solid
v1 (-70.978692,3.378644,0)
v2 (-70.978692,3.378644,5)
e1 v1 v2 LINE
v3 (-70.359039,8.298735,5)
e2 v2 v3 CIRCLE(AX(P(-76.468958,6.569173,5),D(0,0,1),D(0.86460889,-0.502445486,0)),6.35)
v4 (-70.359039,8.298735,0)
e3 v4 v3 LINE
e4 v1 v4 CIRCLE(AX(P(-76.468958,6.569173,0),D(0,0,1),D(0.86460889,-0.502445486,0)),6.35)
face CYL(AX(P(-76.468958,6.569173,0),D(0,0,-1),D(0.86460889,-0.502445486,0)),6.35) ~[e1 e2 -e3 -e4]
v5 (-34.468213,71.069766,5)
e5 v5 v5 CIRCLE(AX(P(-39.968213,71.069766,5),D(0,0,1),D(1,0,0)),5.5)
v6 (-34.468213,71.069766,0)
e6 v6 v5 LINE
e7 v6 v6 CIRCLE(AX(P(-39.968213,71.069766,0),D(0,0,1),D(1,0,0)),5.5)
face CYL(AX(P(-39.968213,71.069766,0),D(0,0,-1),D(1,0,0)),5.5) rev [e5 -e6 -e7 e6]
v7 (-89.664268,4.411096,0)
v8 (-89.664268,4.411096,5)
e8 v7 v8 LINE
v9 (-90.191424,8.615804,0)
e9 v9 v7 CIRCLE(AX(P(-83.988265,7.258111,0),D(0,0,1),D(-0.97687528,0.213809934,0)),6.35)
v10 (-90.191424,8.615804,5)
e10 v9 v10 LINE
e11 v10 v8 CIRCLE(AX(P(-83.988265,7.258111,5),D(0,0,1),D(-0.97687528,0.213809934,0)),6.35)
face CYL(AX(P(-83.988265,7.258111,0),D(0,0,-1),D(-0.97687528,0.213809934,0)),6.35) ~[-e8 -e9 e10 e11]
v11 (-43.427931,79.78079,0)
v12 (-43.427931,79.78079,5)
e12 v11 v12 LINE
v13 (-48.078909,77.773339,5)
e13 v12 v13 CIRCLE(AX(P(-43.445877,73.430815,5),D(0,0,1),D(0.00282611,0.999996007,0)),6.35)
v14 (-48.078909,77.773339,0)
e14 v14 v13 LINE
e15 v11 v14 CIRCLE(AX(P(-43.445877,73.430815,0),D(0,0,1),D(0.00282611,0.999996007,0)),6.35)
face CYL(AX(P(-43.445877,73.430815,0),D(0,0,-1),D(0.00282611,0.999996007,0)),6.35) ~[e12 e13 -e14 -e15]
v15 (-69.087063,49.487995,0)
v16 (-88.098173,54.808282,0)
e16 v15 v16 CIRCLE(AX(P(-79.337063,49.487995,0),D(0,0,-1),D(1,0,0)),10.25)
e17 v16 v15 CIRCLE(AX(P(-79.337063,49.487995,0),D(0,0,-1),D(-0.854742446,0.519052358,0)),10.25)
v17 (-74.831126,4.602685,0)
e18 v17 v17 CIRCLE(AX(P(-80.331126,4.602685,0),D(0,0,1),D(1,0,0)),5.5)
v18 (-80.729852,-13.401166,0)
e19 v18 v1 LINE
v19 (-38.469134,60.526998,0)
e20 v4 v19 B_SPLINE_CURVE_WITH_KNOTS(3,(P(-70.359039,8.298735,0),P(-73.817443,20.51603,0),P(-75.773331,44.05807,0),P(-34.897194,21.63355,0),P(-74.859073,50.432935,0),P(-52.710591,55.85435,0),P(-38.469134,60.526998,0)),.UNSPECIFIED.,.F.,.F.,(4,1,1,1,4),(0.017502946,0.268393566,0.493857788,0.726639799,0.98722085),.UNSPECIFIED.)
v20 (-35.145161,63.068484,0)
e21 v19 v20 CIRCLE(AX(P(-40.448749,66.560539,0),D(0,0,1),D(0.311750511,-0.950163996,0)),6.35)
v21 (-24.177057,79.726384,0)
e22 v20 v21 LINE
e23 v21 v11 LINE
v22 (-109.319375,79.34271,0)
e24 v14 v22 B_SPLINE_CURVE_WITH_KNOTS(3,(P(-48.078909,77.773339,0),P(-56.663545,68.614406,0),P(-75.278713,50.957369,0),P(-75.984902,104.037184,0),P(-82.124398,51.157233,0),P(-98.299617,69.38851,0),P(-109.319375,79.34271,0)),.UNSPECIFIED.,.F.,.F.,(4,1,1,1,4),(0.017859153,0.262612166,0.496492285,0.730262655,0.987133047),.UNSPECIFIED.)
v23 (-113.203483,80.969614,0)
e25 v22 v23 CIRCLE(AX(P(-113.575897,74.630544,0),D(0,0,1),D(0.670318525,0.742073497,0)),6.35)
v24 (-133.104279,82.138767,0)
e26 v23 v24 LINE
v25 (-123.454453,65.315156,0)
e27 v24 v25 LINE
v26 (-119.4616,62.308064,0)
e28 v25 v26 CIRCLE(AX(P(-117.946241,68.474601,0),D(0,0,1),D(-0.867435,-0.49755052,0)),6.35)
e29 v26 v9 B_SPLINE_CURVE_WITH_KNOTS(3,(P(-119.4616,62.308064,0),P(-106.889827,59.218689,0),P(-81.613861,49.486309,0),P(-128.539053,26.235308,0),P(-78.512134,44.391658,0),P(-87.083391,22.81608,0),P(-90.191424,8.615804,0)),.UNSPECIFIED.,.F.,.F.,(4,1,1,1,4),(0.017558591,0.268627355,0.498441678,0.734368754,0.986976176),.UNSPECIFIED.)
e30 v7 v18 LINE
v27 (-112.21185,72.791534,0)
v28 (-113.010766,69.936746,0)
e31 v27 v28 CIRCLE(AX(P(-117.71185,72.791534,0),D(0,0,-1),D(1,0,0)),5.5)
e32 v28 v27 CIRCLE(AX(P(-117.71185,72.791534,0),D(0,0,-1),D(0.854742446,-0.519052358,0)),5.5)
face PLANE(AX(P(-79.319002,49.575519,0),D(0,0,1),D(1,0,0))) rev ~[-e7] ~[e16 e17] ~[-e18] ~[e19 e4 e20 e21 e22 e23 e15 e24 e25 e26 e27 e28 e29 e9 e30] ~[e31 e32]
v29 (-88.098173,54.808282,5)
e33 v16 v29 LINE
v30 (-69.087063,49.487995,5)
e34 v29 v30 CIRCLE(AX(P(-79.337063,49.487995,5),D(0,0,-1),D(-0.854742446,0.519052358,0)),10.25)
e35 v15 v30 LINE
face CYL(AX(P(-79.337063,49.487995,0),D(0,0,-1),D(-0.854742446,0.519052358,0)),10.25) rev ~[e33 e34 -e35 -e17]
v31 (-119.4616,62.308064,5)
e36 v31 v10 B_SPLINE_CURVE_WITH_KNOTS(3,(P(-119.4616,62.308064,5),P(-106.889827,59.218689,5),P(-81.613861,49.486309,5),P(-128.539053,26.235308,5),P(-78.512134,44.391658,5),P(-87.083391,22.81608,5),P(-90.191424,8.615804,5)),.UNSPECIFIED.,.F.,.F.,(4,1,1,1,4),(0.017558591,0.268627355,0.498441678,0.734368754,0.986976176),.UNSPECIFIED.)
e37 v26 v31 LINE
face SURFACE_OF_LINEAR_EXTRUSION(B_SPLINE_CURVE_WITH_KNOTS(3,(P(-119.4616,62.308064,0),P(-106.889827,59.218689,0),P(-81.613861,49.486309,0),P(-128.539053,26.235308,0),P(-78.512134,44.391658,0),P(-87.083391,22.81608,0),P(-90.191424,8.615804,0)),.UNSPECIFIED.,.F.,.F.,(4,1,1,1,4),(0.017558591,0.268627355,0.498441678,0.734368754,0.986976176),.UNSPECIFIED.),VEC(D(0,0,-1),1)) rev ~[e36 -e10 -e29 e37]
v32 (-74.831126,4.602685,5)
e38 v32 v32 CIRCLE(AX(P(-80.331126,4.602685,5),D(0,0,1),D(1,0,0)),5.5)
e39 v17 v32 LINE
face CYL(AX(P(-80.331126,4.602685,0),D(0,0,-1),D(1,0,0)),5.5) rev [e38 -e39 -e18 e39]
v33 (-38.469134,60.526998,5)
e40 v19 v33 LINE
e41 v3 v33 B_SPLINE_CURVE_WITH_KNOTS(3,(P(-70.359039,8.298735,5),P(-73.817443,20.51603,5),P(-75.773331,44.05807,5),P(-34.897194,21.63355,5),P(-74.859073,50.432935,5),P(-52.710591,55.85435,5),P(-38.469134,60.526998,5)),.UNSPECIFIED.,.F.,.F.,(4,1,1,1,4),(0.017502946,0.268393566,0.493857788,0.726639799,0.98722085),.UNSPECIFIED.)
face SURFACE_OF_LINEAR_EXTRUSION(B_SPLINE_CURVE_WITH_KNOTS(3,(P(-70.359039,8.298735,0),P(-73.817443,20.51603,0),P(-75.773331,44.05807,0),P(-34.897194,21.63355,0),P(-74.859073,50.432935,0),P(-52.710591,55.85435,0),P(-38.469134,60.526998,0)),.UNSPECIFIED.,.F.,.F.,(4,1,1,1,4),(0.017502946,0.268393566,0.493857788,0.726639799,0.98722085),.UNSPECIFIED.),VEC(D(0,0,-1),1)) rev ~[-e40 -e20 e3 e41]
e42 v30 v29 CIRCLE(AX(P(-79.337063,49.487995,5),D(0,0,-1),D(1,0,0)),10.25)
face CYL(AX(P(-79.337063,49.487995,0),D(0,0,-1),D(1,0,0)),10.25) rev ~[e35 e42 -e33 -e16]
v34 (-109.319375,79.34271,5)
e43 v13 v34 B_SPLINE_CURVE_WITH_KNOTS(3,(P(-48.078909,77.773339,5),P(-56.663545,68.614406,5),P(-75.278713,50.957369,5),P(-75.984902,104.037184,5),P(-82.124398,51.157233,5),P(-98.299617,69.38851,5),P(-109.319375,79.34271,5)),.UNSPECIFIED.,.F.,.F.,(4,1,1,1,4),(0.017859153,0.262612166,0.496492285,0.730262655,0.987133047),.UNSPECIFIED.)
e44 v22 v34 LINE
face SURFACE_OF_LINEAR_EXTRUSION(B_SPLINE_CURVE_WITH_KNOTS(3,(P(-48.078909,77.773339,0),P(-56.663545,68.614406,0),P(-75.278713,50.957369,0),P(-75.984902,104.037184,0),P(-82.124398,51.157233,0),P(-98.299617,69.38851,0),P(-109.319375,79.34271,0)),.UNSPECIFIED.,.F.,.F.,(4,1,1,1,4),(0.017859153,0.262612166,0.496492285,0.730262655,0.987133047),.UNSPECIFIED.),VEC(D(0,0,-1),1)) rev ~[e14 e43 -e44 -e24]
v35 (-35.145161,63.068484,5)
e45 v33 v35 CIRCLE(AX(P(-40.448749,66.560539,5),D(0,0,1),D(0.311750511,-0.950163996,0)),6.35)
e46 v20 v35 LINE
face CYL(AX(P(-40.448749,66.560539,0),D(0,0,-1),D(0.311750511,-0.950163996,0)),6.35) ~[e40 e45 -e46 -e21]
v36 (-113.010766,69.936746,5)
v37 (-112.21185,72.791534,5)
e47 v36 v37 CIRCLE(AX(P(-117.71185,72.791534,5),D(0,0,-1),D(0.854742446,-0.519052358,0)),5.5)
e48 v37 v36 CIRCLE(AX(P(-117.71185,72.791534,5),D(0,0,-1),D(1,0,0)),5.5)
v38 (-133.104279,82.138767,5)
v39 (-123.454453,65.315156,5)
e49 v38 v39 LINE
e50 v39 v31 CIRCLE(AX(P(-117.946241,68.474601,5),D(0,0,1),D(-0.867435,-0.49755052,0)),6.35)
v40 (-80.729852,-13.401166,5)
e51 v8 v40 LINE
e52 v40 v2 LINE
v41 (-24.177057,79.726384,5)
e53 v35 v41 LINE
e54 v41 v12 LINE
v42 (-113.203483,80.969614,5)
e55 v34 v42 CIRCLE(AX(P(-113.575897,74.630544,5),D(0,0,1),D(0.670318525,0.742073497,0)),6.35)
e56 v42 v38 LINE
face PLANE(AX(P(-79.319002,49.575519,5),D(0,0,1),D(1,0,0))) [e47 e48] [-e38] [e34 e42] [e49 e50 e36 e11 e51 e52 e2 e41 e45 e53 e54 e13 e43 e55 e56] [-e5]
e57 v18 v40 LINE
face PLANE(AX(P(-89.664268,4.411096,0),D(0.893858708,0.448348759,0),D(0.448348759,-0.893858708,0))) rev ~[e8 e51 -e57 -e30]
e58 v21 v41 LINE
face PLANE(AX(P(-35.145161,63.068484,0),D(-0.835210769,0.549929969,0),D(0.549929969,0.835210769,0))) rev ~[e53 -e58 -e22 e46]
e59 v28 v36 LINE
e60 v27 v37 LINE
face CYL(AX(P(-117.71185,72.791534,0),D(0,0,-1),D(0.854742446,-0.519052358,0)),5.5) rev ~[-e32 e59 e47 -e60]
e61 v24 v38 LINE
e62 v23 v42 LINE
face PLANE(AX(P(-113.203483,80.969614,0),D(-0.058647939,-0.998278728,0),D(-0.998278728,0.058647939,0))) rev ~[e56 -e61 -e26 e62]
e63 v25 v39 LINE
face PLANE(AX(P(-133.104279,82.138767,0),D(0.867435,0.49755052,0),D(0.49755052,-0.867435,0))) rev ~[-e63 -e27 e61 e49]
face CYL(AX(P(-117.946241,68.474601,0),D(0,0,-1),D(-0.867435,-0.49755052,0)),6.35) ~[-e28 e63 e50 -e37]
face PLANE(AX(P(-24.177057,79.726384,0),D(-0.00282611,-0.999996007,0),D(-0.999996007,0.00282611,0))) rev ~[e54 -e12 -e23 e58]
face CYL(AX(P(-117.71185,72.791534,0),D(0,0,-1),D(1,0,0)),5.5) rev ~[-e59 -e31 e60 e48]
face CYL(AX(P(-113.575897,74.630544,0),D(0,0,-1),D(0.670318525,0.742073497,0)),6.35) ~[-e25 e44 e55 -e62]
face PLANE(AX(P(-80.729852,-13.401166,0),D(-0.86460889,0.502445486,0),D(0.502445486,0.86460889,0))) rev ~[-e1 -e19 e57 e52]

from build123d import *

# Parameters (mm, degrees)
F0_R     = 5.5
F1_DEPTH = 5


with BuildPart() as f1:
    # F0 (on Top) → F1 (new body)
    with BuildSketch(Plane.XY):
        with BuildLine():
            ThreePointArc((-123.454453447, 65.3151555893), (-121.7663574138, 63.4022043185), (-119.4615999517, 62.3080636407))
            add(Edge.make_bspline(
                [(-119.4615999517, 62.3080636407), (-106.889827256, 59.2186889189), (-81.6138606751, 49.4863089686), (-128.5390529231, 26.2353078081), (-78.512134077, 44.391657981), (-87.0833909997, 22.8160801023), (-90.1914235073, 8.6158038469)],
                knots=[0.0175585914, 0.0175585914, 0.0175585914, 0.0175585914, 0.2686273551, 0.4984416776, 0.7343687536, 0.9869761756, 0.9869761756, 0.9869761756, 0.9869761756], degree=3))
            ThreePointArc((-90.1914235073, 8.6158038469), (-90.2889406174, 6.4681786044), (-89.6642682776, 4.4110961469))
            Line((-89.6642682776, 4.4110961469), (-80.7298521147, -13.4011661301))
            Line((-80.7298521147, -13.4011661301), (-70.978691941, 3.3786438275))
            ThreePointArc((-70.978691941, 3.3786438275), (-70.1687281076, 5.7757003386), (-70.3590390253, 8.2987348377))
            add(Edge.make_bspline(
                [(-70.3590390253, 8.2987348377), (-73.8174434006, 20.5160301913), (-75.7733310805, 44.0580704633), (-34.8971941812, 21.633550201), (-74.8590732231, 50.432934634), (-52.7105913555, 55.8543498878), (-38.4691335991, 60.5269977111)],
                knots=[0.0175029456, 0.0175029456, 0.0175029456, 0.0175029456, 0.2683935657, 0.4938577879, 0.7266397986, 0.9872208497, 0.9872208497, 0.9872208497, 0.9872208497], degree=3))
            ThreePointArc((-38.4691335991, 60.5269977111), (-36.5918006186, 61.5160919848), (-35.1451609566, 63.0684837814))
            Line((-35.1451609566, 63.0684837814), (-24.1770567157, 79.7263844148))
            Line((-24.1770567157, 79.7263844148), (-43.4279310744, 79.7807897233))
            ThreePointArc((-43.4279310744, 79.7807897233), (-45.962266866, 79.2609335546), (-48.0789085452, 77.773339409))
            add(Edge.make_bspline(
                [(-48.0789085452, 77.773339409), (-56.6635447616, 68.6144059221), (-75.2787125439, 50.9573690507), (-75.9849022571, 104.0371838867), (-82.1243978848, 51.1572327244), (-98.2996169235, 69.388510498), (-109.3193748229, 79.3427103013)],
                knots=[0.0178591528, 0.0178591528, 0.0178591528, 0.0178591528, 0.2626121663, 0.4964922851, 0.7302626549, 0.9871330472, 0.9871330472, 0.9871330472, 0.9871330472], degree=3))
            ThreePointArc((-109.3193748229, 79.3427103013), (-111.1226408323, 80.4875079904), (-113.2034830438, 80.9696135185))
            Line((-113.2034830438, 80.9696135185), (-133.1042789793, 82.1387666129))
            Line((-133.1042789793, 82.1387666129), (-123.454453447, 65.3151555893))
        make_face()
        with Locations((-80.3311256108, 4.602685229)):
            Circle(F0_R, mode=Mode.SUBTRACT)
        with BuildLine():
            ThreePointArc((-113.0107661328, 69.9367456834), (-120.5666375566, 68.0904501962), (-122.4129330438, 75.6463216201))
            ThreePointArc((-122.4129330438, 75.6463216201), (-116.2296146213, 78.0880400005), (-112.2118495883, 72.7915336518))
            ThreePointArc((-112.2118495883, 72.7915336518), (-112.4153432395, 71.3092986848), (-113.0107661328, 69.9367456834))
        make_face(mode=Mode.SUBTRACT)
        with BuildLine():
            ThreePointArc((-69.0870626032, 49.4879949658), (-82.0994095871, 39.617233134), (-88.0981726795, 54.8082816341))
            ThreePointArc((-88.0981726795, 54.8082816341), (-76.5747156194, 59.3587567977), (-69.0870626032, 49.4879949658))
        make_face(mode=Mode.SUBTRACT)
        with Locations((-39.9682126106, 71.0697660168)):
            Circle(F0_R, mode=Mode.SUBTRACT)
    extrude(amount=F1_DEPTH)


solid = f1.part
